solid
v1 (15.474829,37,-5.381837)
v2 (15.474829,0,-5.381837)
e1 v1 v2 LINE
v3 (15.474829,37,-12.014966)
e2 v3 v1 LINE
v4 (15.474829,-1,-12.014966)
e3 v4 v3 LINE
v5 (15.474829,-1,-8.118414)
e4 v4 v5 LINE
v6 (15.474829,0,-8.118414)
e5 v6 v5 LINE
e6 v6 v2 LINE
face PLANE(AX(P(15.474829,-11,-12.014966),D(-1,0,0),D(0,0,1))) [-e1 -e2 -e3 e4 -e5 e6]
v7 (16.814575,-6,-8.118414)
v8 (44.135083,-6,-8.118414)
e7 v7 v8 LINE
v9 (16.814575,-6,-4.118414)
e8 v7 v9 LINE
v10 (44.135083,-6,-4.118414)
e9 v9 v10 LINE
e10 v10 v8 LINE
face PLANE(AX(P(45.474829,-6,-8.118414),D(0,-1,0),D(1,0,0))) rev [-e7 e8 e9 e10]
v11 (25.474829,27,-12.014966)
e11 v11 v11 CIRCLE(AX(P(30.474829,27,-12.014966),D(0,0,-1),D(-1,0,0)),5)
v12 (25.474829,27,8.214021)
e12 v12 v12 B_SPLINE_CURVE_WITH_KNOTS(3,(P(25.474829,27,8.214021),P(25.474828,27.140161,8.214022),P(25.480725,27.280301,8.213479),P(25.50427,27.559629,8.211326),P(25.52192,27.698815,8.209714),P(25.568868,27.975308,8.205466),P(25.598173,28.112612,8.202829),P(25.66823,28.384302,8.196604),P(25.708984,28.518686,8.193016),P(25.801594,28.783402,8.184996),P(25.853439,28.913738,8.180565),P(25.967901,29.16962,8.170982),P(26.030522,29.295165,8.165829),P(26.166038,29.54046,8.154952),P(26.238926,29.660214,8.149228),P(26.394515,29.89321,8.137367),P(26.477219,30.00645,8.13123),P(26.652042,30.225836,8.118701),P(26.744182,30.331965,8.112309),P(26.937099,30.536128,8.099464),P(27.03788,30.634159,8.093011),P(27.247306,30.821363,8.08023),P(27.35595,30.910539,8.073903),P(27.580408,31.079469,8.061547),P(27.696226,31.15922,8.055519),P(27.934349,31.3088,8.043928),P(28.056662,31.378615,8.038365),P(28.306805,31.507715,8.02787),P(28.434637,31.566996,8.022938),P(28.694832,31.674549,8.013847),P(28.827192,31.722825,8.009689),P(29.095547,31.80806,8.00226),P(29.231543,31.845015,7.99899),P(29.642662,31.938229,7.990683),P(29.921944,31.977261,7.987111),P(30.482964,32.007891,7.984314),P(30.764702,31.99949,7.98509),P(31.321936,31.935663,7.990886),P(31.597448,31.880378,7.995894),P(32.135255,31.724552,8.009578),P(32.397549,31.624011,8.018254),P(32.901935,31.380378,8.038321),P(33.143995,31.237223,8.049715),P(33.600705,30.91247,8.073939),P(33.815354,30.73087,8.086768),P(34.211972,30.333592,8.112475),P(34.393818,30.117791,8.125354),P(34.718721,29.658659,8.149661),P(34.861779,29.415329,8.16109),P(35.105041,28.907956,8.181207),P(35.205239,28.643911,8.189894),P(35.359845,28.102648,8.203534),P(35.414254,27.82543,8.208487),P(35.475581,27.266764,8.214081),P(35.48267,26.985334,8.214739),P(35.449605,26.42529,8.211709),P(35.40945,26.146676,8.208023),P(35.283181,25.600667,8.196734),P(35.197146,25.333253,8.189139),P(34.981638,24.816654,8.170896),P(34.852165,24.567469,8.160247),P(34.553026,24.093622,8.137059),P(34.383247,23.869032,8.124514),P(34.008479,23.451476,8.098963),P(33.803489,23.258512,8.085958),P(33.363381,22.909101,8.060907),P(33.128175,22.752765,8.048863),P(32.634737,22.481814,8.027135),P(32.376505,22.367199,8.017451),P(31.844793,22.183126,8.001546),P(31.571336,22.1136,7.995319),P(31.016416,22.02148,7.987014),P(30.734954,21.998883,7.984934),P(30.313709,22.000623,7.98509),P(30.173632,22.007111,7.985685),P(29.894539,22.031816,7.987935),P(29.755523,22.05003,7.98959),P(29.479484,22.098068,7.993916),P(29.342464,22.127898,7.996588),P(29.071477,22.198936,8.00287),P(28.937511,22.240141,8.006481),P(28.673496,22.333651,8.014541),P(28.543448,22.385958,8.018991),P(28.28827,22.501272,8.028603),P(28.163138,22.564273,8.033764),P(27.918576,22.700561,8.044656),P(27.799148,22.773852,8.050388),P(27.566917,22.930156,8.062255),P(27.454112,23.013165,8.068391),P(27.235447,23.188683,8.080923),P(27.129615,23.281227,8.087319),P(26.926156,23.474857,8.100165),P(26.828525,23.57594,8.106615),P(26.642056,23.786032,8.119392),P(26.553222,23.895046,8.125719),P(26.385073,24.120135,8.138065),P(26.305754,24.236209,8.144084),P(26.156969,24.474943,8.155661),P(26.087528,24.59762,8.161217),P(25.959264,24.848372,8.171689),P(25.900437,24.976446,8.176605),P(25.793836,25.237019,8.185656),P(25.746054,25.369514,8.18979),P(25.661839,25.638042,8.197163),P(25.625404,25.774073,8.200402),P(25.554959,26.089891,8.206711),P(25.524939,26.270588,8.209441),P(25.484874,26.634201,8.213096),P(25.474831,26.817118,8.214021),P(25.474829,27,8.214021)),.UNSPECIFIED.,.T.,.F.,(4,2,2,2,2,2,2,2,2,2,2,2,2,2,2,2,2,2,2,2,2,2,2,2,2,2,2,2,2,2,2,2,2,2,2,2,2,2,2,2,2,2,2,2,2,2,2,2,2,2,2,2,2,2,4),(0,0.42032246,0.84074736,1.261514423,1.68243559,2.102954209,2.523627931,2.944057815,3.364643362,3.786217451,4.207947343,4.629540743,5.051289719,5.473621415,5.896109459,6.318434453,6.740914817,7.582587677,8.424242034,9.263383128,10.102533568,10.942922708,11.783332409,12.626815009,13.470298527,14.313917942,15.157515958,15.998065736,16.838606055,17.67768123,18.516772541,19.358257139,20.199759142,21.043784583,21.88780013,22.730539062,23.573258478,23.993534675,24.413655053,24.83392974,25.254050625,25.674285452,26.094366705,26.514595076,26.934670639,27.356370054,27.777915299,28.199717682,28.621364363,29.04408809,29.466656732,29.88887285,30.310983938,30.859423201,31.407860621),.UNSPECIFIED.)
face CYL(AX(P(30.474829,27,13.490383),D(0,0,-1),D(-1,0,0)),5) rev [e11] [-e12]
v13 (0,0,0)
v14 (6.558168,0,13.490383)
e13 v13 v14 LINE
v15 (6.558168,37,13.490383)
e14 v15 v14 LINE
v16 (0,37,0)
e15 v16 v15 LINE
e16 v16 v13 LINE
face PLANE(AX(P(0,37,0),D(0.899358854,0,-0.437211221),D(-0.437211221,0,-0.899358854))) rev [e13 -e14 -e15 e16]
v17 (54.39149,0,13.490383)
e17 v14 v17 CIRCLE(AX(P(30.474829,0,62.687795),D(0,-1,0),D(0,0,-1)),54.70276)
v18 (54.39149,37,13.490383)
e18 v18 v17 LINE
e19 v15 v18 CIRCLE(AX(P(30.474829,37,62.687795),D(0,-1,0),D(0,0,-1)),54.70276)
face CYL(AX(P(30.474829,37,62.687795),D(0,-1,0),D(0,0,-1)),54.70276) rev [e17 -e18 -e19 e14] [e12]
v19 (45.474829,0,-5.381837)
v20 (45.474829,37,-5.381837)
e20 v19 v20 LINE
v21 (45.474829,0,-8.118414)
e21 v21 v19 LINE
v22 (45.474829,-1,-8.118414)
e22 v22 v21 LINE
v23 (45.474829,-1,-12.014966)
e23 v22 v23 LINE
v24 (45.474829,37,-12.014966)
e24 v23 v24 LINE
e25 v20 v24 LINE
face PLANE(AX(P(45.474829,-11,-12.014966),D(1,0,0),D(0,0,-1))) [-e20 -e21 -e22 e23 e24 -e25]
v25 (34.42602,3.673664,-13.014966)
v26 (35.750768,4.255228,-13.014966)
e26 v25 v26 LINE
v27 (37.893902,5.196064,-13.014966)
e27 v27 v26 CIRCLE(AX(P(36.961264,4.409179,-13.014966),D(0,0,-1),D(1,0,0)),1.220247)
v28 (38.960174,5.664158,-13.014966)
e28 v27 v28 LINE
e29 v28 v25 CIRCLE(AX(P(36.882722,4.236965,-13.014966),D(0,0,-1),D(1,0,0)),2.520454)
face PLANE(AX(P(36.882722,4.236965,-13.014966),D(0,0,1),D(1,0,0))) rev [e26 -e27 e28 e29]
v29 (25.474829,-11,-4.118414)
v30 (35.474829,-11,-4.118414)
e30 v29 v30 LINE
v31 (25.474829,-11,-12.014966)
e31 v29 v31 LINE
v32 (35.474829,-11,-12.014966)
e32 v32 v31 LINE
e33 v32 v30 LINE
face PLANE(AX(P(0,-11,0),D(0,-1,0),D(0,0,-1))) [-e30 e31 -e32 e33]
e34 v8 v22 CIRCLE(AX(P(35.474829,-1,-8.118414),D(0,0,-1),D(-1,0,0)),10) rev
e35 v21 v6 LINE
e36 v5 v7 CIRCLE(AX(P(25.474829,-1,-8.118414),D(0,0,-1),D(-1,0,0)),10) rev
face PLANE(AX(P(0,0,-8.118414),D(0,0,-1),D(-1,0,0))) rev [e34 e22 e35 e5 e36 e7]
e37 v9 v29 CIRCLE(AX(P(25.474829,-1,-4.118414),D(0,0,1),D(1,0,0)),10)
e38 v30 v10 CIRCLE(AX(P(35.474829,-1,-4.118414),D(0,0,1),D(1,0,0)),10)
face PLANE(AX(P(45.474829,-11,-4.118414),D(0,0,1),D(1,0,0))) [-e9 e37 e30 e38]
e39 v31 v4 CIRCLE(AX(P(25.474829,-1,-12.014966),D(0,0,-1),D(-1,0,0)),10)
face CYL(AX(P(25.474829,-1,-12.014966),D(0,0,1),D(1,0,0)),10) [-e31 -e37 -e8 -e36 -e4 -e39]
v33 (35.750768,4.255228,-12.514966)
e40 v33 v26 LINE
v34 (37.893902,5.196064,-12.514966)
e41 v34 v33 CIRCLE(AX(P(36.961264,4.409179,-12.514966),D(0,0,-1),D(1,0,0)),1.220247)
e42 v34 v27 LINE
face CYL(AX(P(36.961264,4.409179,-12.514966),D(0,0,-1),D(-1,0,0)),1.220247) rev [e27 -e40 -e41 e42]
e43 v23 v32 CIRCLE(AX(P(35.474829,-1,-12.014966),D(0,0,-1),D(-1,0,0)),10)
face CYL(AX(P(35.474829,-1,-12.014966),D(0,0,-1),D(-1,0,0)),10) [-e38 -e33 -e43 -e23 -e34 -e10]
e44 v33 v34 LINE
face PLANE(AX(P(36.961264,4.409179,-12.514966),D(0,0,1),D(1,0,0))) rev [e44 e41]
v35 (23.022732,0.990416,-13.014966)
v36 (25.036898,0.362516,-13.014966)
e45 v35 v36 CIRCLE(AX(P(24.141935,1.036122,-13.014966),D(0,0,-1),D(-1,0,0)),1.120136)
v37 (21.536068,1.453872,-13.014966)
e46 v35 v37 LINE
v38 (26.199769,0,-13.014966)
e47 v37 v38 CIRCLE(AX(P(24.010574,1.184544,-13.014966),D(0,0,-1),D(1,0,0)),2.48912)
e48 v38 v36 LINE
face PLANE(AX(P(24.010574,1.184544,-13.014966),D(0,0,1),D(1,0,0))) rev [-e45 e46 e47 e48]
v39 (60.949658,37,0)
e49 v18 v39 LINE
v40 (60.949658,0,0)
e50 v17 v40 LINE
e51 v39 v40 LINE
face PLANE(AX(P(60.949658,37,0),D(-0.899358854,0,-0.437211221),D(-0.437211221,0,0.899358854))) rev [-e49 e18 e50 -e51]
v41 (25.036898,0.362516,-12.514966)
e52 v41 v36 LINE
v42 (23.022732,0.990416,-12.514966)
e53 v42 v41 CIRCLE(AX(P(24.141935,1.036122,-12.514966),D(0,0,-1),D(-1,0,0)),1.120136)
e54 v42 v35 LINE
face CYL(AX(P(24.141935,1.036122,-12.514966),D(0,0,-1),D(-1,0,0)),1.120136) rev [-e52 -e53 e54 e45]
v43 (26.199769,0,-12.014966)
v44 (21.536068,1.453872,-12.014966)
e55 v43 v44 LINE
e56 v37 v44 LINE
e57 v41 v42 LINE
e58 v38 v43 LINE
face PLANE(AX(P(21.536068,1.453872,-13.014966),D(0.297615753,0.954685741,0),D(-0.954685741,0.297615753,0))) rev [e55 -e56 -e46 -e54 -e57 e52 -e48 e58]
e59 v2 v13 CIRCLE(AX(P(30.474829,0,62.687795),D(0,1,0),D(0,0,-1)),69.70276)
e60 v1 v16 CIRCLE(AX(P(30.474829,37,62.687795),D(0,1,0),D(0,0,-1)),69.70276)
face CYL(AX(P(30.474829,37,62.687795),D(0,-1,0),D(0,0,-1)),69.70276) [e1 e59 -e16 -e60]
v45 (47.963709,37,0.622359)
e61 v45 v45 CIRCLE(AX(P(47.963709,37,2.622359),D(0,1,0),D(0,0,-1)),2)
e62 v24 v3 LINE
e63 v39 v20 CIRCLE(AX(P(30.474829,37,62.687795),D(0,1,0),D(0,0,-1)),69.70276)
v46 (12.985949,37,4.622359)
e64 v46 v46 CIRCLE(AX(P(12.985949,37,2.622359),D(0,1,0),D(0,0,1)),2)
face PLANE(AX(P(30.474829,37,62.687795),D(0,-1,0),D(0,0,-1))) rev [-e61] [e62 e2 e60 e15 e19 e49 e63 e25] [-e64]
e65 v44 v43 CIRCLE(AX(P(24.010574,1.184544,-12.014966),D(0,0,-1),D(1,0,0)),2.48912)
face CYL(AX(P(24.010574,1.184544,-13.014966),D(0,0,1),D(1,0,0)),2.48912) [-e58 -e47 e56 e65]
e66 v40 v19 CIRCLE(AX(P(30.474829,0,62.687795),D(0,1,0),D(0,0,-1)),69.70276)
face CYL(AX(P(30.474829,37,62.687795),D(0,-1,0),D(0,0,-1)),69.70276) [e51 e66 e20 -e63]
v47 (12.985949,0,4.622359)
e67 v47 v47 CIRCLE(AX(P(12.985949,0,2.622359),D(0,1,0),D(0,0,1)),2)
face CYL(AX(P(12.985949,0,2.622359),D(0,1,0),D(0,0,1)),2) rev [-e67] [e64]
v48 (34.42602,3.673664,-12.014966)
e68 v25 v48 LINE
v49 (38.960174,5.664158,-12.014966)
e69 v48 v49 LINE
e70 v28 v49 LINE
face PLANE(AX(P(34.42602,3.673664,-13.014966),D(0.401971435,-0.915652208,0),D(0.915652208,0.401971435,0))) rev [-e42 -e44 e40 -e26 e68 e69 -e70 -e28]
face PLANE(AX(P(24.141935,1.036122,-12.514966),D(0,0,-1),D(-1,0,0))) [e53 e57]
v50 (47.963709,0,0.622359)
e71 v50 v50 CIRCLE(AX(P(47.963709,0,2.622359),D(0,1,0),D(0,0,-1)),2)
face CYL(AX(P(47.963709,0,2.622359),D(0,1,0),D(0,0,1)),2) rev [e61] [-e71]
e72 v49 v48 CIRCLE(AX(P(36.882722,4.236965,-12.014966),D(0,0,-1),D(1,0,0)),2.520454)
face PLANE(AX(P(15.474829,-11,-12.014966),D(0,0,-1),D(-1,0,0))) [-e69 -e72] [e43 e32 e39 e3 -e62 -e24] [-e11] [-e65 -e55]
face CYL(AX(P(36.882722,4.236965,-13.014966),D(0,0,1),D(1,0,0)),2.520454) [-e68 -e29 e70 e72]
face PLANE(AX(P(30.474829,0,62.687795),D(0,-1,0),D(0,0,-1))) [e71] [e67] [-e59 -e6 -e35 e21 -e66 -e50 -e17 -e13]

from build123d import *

# Parameters (mm, degrees)
BOSS_EXTRUDE1_DEPTH = 37
SKETCH2_R           = 2
CUT_EXTRUDE1_DEPTH  = 73.566185092
SKETCH3_W           = 30
SKETCH3_H           = 7.896551268
BOSS_EXTRUDE2_DEPTH = 48
SKETCH4_W           = 30
SKETCH4_H           = 6
CUT_EXTRUDE2_DEPTH  = 4
FILLET1_R           = 10
SKETCH5_R           = 5
CUT_EXTRUDE3_DEPTH  = 76.725712885
BOSS_EXTRUDE3_DEPTH = 1
CUT_EXTRUDE4_DEPTH  = 0.5


with BuildPart() as part:
    # Sketch1 → Boss-Extrude1 (new body)
    with BuildSketch(Plane(origin=(0, 0, 0), x_dir=(1, 0, 0), z_dir=(0, 1, 0))):
        with BuildLine():
            Line((0, 0), (6.55816832, -13.490382807))
            ThreePointArc((6.55816832, -13.490382807), (30.474828919, -7.985034321), (54.391489518, -13.490382807))
            Line((54.391489518, -13.490382807), (60.949657838, 0))
            ThreePointArc((60.949657838, 0), (30.474828919, 7.014965679), (0, 0))
        make_face()
    extrude(amount=BOSS_EXTRUDE1_DEPTH)

    # Sketch2 → Cut-Extrude1 (cut, through all)
    with BuildSketch(Plane(origin=(0, 37, 0), x_dir=(1, 0, 0), z_dir=(0, 1, 0))):
        with Locations(Location((12.985948873, -2.622359081, 0), (0, 0, 270))):
            Circle(SKETCH2_R)
        with Locations(Location((47.963708964, -2.622359081, 0), (0, 0, 90))):
            Circle(SKETCH2_R)
    extrude(amount=-CUT_EXTRUDE1_DEPTH, mode=Mode.SUBTRACT)

    # Sketch3 → Boss-Extrude2 (add)
    with BuildSketch(Plane(origin=(0, 37, 0), x_dir=(1, 0, 0), z_dir=(0, 1, 0))):
        with Locations((30.474828919, 8.066690045)):
            Rectangle(SKETCH3_W, SKETCH3_H)
    extrude(amount=-BOSS_EXTRUDE2_DEPTH)

    # Sketch4 → Cut-Extrude2 (cut)
    with BuildSketch(Plane.XY.offset(-4.118414411)):
        with Locations((30.474828919, -3)):
            Rectangle(SKETCH4_W, SKETCH4_H)
    extrude(amount=-CUT_EXTRUDE2_DEPTH, mode=Mode.SUBTRACT)

    # Fillet1
    fillet1_edges = [part.edges().sort_by_distance(p)[0] for p in [
        (15.474828919, -11, -8.066690045),
        (45.474828919, -11, -8.066690045),
    ]]
    fillet(fillet1_edges, radius=FILLET1_R)

    # Sketch5 → Cut-Extrude3 (cut, through all)
    with BuildSketch(Plane(origin=(0, 0, -12.014965679), x_dir=(-1, 0, 0), z_dir=(0, 0, -1))):
        with Locations((-30.474828919, 27)):
            Circle(SKETCH5_R)
    extrude(amount=-CUT_EXTRUDE3_DEPTH, mode=Mode.SUBTRACT)

    # Sketch7 → Boss-Extrude3 (add)
    with BuildSketch(Plane(origin=(0, 0, -12.014965679), x_dir=(-1, 0, 0), z_dir=(0, 0, -1))):
        with BuildLine():
            Line((-21.536068007, 1.453872129), (-26.199769352, 0))
            ThreePointArc((-26.199769352, 0), (-24.751375622, 3.560871216), (-21.536068007, 1.453872129))
        make_face()
        with BuildLine():
            Line((-34.426020337, 3.673663851), (-38.960174422, 5.664158065))
            ThreePointArc((-38.960174422, 5.664158065), (-37.895872331, 1.929105477), (-34.426020337, 3.673663851))
        make_face()
    extrude(amount=BOSS_EXTRUDE3_DEPTH)

    # Sketch8 → Cut-Extrude4 (cut)
    with BuildSketch(Plane(origin=(0, 0, -13.014965679), x_dir=(-1, 0, 0), z_dir=(0, 0, -1))):
        with BuildLine():
            Line((-23.022731531, 0.990416495), (-25.036897729, 0.362516061))
            ThreePointArc((-25.036897729, 0.362516061), (-24.475304572, 2.105499822), (-23.022731531, 0.990416495))
        make_face()
        with BuildLine():
            Line((-35.750767501, 4.255228023), (-37.89390211, 5.196064386))
            ThreePointArc((-37.89390211, 5.196064386), (-37.451768412, 3.29185708), (-35.750767501, 4.255228023))
        make_face()
    extrude(amount=-CUT_EXTRUDE4_DEPTH, mode=Mode.SUBTRACT)


solid = part.part
